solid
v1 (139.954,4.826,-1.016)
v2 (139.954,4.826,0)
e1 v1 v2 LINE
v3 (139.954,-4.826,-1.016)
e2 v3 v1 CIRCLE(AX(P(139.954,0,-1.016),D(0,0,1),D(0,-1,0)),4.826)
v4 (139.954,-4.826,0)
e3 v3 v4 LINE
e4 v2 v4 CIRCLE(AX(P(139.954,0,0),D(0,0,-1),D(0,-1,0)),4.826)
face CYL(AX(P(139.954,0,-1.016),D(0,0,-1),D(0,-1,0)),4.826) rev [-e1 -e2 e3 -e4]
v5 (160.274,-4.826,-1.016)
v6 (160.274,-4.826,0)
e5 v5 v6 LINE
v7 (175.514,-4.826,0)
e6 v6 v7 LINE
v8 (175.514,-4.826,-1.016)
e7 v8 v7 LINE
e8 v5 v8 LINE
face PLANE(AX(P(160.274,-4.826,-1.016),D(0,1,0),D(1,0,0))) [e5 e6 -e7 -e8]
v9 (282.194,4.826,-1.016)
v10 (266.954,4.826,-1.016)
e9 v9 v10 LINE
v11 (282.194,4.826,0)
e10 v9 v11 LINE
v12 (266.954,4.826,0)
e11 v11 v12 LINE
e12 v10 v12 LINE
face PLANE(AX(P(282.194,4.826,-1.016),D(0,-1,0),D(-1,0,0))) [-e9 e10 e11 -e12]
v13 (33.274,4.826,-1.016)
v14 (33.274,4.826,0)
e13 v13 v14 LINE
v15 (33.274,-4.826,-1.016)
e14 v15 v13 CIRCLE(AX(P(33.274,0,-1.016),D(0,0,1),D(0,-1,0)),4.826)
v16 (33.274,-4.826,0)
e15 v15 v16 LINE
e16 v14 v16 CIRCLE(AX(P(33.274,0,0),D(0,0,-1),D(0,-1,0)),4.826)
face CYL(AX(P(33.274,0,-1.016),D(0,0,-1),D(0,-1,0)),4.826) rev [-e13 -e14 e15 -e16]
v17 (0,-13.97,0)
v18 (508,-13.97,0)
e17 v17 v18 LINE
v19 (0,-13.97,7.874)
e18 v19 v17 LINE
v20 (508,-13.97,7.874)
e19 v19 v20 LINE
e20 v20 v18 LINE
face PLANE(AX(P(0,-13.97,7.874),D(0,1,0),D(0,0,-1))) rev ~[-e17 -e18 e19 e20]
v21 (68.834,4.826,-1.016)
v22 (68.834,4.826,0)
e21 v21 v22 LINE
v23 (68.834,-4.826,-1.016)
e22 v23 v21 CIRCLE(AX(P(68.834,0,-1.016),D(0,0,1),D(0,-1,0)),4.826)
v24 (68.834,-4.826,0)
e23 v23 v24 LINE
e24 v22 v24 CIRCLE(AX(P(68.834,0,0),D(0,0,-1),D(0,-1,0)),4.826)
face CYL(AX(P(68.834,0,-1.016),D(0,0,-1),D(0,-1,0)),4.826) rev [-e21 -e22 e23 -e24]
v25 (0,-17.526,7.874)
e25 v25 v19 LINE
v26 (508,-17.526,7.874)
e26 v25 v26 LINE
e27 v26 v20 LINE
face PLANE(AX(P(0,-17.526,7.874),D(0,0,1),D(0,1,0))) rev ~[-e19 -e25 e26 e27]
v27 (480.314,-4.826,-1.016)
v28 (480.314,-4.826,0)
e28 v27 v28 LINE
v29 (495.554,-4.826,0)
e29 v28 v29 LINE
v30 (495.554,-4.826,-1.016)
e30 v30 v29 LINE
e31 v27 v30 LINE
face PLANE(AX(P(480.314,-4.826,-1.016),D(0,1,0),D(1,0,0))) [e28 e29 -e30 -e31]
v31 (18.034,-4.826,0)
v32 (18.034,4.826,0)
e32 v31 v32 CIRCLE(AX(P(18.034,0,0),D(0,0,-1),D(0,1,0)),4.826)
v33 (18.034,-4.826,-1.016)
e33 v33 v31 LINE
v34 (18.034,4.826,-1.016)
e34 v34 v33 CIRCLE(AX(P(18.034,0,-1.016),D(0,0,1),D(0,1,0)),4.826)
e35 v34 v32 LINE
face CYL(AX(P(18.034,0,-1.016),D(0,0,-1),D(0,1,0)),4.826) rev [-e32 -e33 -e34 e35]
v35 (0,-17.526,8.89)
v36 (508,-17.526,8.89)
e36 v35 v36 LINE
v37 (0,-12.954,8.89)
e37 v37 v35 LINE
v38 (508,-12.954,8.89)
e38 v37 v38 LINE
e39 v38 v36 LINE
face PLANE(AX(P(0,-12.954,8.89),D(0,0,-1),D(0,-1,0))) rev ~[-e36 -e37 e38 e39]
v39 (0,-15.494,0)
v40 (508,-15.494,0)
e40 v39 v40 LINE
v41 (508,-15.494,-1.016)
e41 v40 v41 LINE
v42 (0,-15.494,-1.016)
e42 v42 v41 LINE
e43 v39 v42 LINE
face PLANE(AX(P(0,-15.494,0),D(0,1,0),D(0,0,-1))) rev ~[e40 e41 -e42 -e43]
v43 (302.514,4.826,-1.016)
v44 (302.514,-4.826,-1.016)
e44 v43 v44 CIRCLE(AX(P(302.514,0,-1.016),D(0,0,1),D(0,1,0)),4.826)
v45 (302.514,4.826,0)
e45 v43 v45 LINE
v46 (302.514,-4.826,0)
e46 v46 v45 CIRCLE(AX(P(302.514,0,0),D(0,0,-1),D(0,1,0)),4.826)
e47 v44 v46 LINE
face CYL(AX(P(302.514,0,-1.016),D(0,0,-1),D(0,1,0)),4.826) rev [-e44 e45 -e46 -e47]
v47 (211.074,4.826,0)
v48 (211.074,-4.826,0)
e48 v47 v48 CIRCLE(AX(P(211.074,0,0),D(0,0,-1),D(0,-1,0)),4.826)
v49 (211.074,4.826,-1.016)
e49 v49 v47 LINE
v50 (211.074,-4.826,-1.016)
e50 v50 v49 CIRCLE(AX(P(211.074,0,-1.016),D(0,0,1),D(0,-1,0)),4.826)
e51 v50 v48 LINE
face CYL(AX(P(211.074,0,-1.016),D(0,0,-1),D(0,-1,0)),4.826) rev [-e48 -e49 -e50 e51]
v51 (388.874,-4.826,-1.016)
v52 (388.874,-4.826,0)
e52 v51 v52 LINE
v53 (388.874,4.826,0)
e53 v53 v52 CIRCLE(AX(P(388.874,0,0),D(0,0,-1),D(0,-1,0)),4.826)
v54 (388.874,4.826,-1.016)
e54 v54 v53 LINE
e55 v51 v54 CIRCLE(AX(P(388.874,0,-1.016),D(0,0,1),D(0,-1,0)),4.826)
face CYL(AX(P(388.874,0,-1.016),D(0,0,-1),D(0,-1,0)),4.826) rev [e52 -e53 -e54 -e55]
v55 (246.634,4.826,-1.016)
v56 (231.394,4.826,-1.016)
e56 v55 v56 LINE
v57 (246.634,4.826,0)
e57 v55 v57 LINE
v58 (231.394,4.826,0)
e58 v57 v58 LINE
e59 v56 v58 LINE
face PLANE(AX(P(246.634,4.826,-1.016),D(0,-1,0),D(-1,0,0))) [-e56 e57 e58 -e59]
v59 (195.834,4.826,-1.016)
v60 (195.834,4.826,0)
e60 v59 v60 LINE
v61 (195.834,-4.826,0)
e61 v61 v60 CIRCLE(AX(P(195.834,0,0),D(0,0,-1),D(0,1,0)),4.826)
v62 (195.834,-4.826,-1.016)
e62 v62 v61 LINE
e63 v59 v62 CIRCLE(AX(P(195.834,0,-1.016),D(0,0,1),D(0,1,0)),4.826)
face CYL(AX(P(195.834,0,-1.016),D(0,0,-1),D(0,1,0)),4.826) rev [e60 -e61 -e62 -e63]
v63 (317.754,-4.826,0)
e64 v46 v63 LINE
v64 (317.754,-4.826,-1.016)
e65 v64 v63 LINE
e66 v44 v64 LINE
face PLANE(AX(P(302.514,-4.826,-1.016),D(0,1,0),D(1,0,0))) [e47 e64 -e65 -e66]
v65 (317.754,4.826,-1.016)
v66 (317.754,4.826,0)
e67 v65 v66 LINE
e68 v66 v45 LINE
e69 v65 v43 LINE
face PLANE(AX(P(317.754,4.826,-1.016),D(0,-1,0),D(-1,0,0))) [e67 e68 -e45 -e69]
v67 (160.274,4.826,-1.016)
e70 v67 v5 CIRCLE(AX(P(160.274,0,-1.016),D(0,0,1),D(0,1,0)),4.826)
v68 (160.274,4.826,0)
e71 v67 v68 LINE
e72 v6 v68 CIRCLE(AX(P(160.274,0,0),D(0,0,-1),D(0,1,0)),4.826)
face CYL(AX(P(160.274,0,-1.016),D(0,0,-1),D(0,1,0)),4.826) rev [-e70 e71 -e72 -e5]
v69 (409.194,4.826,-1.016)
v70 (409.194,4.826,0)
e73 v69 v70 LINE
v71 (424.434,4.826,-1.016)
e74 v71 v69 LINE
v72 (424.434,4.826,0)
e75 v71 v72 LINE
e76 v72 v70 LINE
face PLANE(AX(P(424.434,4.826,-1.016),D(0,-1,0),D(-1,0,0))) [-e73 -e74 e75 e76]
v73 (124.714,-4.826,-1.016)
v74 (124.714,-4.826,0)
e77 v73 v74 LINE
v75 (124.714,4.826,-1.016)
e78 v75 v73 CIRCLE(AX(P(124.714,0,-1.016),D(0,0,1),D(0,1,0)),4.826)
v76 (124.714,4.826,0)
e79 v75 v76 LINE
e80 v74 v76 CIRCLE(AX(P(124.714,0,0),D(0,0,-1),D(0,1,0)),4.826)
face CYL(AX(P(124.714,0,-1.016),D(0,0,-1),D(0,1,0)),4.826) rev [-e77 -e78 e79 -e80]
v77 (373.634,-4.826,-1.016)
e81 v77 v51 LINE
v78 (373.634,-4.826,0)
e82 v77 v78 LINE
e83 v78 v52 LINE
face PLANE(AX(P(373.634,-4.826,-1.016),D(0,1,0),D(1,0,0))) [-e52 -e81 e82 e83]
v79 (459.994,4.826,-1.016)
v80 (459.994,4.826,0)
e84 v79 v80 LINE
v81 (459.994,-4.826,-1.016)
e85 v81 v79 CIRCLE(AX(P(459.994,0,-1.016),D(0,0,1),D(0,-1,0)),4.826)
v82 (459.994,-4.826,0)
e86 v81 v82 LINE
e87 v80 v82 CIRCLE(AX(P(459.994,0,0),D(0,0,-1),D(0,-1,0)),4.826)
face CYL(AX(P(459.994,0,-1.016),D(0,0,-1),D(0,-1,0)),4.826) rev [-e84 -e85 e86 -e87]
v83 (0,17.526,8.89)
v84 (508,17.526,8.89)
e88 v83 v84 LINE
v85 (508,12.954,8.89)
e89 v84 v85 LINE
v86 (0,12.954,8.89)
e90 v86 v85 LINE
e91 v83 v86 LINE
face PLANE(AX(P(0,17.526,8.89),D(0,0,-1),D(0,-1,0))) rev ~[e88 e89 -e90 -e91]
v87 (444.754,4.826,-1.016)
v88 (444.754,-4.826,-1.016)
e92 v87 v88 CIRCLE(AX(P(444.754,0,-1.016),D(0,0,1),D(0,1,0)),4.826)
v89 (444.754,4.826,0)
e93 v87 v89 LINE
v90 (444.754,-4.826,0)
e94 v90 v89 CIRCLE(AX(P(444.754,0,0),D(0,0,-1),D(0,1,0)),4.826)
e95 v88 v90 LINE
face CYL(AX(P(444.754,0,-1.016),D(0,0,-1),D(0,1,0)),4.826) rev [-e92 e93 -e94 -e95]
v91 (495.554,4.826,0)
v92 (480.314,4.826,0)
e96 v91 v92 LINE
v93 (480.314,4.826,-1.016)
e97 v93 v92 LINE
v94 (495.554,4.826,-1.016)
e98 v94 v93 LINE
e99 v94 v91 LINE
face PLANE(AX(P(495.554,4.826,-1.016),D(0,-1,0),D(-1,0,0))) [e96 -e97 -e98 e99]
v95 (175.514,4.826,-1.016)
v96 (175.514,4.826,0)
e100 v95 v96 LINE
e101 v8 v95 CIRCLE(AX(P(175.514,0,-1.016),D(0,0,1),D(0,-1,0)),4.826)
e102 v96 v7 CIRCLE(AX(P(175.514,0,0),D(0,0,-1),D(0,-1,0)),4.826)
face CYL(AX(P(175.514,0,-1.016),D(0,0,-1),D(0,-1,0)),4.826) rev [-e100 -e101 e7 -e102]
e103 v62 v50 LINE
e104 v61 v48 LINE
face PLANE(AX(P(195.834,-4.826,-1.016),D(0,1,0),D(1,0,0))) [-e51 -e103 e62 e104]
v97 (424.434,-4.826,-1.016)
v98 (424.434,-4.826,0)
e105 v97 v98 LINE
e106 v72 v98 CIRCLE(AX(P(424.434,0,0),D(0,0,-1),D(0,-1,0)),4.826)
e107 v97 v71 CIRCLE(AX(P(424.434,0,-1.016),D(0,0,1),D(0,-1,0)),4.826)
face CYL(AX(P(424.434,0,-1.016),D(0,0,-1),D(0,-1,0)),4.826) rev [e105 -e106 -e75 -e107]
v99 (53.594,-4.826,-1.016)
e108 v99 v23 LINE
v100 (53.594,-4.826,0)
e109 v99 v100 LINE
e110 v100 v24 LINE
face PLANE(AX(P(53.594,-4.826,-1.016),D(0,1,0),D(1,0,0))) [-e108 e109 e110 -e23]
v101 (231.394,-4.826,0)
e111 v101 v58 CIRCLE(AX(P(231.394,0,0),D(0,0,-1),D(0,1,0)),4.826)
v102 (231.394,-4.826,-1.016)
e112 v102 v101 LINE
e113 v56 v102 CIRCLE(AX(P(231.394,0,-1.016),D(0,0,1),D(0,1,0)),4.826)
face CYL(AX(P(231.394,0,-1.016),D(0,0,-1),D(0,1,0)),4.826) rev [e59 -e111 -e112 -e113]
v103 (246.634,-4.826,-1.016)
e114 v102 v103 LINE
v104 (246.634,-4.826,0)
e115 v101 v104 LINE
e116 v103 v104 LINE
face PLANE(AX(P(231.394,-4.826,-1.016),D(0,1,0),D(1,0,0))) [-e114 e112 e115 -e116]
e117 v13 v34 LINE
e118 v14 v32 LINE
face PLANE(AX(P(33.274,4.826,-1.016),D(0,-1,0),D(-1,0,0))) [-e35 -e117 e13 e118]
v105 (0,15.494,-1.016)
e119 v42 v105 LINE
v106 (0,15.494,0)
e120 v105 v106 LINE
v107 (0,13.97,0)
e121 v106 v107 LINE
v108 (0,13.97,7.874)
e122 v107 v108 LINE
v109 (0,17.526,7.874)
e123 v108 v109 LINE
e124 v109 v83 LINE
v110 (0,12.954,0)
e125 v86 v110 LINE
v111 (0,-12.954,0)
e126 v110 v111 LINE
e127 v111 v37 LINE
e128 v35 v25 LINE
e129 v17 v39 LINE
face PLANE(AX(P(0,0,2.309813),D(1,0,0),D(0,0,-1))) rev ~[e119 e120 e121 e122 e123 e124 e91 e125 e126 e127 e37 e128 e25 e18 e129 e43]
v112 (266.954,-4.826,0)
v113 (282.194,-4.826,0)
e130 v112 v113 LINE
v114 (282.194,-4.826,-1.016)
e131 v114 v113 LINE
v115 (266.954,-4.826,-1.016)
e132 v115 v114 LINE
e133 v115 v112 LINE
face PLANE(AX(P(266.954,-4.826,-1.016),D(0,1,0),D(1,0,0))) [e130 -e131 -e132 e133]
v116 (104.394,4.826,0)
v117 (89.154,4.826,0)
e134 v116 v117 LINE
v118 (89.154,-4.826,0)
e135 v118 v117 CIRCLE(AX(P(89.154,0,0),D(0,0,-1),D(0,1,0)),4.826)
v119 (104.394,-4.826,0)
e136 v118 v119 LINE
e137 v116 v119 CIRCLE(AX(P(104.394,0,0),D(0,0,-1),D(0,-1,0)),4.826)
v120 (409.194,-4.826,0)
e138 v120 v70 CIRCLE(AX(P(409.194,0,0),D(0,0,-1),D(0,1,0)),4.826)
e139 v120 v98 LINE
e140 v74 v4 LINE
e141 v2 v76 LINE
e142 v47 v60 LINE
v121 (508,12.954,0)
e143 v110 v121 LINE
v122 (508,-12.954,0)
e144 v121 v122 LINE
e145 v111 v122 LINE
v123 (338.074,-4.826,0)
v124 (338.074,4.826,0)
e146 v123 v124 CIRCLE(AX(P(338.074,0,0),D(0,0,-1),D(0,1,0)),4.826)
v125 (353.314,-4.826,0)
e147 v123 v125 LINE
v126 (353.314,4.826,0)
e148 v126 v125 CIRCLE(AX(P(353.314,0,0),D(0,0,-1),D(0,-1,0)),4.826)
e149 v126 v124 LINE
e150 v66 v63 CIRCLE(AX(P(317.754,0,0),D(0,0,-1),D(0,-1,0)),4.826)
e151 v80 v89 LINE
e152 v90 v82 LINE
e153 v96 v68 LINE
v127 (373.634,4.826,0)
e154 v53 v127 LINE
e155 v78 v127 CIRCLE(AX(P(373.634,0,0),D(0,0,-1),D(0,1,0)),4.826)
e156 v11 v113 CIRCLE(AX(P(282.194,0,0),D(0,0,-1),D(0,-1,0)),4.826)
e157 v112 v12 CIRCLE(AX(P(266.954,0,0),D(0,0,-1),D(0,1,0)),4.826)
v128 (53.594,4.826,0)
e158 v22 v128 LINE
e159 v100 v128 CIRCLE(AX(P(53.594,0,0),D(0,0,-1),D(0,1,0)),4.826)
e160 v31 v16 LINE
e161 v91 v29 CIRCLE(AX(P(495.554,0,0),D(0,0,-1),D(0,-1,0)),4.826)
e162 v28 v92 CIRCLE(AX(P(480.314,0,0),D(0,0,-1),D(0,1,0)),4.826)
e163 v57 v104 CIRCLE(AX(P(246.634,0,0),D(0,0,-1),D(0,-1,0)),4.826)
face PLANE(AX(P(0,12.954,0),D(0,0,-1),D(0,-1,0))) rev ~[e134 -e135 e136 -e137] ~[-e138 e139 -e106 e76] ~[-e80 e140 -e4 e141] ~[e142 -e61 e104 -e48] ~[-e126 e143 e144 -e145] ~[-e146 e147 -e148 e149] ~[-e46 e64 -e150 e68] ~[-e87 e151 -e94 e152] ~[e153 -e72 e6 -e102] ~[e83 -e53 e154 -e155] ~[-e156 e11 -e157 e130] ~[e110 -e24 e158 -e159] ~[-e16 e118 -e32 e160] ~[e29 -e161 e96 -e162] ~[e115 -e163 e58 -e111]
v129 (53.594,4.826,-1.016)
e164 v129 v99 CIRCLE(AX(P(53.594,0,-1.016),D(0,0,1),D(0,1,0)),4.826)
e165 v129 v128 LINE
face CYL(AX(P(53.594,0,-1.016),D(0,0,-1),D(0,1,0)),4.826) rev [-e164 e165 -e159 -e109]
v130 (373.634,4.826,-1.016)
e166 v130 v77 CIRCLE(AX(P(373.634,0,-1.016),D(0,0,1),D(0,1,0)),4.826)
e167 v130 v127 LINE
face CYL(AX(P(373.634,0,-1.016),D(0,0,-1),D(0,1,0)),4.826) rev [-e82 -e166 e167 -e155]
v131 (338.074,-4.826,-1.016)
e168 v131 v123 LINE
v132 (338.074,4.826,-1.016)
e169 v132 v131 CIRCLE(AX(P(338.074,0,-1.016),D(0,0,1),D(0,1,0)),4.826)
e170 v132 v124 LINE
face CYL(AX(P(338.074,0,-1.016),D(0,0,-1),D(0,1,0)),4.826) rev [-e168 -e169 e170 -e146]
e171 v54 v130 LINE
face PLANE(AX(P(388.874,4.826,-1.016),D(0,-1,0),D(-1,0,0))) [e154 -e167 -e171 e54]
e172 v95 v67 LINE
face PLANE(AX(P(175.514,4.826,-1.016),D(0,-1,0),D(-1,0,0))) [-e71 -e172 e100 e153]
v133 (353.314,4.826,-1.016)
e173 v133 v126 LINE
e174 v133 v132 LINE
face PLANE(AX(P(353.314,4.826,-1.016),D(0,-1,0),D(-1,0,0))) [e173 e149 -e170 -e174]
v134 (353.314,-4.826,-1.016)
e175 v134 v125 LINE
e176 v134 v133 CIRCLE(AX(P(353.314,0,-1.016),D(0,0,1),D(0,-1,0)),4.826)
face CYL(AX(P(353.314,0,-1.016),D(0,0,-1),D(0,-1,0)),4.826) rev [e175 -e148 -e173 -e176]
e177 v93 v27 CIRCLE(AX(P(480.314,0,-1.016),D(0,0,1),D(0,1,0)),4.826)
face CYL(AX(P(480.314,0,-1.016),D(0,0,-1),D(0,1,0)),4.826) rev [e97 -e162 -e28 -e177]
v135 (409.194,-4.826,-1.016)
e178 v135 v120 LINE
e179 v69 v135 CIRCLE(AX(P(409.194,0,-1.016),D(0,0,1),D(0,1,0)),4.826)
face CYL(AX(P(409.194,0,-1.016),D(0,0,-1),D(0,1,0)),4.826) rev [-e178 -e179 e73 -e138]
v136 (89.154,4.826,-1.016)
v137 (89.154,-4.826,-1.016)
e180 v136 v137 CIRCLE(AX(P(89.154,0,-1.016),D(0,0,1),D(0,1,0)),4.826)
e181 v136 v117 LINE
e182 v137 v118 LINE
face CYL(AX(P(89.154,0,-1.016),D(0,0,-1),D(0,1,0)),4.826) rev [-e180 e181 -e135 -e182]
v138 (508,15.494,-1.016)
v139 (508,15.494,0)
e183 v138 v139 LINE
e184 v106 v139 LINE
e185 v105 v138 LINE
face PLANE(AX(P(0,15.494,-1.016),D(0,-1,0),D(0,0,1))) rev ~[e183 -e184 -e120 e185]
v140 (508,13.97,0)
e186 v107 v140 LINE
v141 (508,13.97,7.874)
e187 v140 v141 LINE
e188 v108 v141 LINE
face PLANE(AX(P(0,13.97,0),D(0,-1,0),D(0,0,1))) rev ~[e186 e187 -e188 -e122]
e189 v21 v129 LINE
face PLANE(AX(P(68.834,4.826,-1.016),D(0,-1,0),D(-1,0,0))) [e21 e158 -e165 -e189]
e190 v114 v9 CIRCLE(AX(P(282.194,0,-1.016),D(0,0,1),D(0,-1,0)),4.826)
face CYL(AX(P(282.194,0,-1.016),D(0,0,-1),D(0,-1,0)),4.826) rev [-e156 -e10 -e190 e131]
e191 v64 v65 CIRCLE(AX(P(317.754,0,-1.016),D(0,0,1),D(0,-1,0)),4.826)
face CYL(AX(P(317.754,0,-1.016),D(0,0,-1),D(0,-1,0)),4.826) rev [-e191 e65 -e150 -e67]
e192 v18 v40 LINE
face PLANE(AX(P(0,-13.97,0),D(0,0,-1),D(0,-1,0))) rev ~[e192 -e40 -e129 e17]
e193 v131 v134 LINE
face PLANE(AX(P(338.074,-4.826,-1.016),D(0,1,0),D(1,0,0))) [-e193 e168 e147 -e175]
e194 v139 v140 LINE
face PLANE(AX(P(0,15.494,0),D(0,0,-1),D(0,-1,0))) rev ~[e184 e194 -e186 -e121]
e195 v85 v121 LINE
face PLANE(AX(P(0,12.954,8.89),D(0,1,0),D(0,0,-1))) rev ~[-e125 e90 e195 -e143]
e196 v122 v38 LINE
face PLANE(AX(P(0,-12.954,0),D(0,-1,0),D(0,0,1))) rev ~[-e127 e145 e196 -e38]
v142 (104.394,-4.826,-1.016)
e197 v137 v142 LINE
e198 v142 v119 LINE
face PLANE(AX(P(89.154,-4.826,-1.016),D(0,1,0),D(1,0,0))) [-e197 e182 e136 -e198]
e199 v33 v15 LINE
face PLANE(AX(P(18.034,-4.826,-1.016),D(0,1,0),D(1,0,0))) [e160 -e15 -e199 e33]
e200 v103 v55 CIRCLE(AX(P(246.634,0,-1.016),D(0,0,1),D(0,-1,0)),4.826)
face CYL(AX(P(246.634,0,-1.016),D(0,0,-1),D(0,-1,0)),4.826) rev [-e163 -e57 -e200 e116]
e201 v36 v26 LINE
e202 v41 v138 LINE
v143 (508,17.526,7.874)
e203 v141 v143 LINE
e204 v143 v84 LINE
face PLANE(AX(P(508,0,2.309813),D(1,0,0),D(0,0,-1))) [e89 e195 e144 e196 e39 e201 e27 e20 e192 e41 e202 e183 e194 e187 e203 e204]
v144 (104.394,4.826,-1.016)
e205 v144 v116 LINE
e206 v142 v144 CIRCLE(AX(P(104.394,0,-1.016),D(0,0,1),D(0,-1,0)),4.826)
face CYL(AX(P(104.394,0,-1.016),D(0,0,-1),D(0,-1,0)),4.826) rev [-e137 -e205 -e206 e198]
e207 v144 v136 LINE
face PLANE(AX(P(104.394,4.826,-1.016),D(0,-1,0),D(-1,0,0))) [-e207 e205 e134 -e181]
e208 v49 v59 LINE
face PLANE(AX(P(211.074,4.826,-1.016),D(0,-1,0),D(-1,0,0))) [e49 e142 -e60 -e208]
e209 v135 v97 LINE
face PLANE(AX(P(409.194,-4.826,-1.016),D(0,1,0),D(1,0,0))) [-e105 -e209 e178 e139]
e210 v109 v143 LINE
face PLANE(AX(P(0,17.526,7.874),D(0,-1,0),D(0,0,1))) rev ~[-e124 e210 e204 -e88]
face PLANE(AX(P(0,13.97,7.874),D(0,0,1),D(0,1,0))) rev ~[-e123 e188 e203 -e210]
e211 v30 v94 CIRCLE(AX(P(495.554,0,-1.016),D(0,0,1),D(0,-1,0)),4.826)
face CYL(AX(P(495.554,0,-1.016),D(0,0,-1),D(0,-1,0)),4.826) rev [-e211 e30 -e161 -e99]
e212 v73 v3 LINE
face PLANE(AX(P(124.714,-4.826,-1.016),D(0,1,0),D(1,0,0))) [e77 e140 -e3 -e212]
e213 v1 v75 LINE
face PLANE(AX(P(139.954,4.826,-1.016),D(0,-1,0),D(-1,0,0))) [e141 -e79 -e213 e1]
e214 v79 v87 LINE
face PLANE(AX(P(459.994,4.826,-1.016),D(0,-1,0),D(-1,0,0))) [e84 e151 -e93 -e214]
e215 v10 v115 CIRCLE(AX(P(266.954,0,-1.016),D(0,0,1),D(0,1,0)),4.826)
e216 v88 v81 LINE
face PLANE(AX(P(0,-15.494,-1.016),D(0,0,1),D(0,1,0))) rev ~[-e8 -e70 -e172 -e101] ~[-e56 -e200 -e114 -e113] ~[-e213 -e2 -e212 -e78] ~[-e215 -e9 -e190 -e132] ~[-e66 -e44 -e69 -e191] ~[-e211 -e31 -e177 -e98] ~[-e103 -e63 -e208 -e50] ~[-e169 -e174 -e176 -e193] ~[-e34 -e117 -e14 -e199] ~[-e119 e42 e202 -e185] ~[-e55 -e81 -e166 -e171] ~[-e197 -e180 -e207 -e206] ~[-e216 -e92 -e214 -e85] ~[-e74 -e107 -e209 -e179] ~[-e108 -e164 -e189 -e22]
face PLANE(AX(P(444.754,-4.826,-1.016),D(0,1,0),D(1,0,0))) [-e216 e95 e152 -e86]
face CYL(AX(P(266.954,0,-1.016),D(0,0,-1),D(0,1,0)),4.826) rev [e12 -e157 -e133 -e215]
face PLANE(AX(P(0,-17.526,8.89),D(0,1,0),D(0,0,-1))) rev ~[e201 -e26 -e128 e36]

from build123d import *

# Parameters (mm, degrees)
BOSS_EXTRUDE1_DEPTH = 508
CUT_EXTRUDE1_DEPTH  = 509.398750502


with BuildPart() as part:
    # Sketch1 → Boss-Extrude1 (new body)
    with BuildSketch(Plane(origin=(0, 0, 0), x_dir=(0, 0, -1), z_dir=(1, 0, 0))):
        Polygon((0, 12.954), (0, -12.954), (-8.89, -12.954), (-8.89, -17.526), (-7.874, -17.526), (-7.874, -13.97), (0, -13.97), (0, -15.494), (1.016, -15.494), (1.016, 15.494), (0, 15.494), (0, 13.97), (-7.874, 13.97), (-7.874, 17.526), (-8.89, 17.526), (-8.89, 12.954), align=None)
    extrude(amount=BOSS_EXTRUDE1_DEPTH)

    # Sketch2 → Cut-Extrude1 (cut, through all)
    with BuildSketch(Plane(origin=(0, 0, -1.016), x_dir=(-1, 0, 0), z_dir=(0, 0, -1))):
        with BuildLine():
            Line((-495.554, 4.826), (-480.314, 4.826))
            ThreePointArc((-480.314, 4.826), (-475.488, 0), (-480.314, -4.826))
            Line((-480.314, -4.826), (-495.554, -4.826))
            ThreePointArc((-495.554, -4.826), (-500.38, 0), (-495.554, 4.826))
        make_face()
        with BuildLine():
            Line((-459.994, 4.826), (-444.754, 4.826))
            ThreePointArc((-444.754, 4.826), (-439.928, 0), (-444.754, -4.826))
            Line((-444.754, -4.826), (-459.994, -4.826))
            ThreePointArc((-459.994, -4.826), (-464.82, 0), (-459.994, 4.826))
        make_face()
        with BuildLine():
            Line((-424.434, 4.826), (-409.194, 4.826))
            ThreePointArc((-409.194, 4.826), (-404.368, 0), (-409.194, -4.826))
            Line((-409.194, -4.826), (-424.434, -4.826))
            ThreePointArc((-424.434, -4.826), (-429.26, 0), (-424.434, 4.826))
        make_face()
        with BuildLine():
            Line((-388.874, 4.826), (-373.634, 4.826))
            ThreePointArc((-373.634, 4.826), (-368.808, 0), (-373.634, -4.826))
            Line((-373.634, -4.826), (-388.874, -4.826))
            ThreePointArc((-388.874, -4.826), (-393.7, 0), (-388.874, 4.826))
        make_face()
        with BuildLine():
            Line((-353.314, 4.826), (-338.074, 4.826))
            ThreePointArc((-338.074, 4.826), (-333.248, 0), (-338.074, -4.826))
            Line((-338.074, -4.826), (-353.314, -4.826))
            ThreePointArc((-353.314, -4.826), (-358.14, 0), (-353.314, 4.826))
        make_face()
        with BuildLine():
            Line((-317.754, 4.826), (-302.514, 4.826))
            ThreePointArc((-302.514, 4.826), (-297.688, 0), (-302.514, -4.826))
            Line((-302.514, -4.826), (-317.754, -4.826))
            ThreePointArc((-317.754, -4.826), (-322.58, 0), (-317.754, 4.826))
        make_face()
        with BuildLine():
            Line((-282.194, 4.826), (-266.954, 4.826))
            ThreePointArc((-266.954, 4.826), (-262.128, 0), (-266.954, -4.826))
            Line((-266.954, -4.826), (-282.194, -4.826))
            ThreePointArc((-282.194, -4.826), (-287.02, 0), (-282.194, 4.826))
        make_face()
        with BuildLine():
            Line((-246.634, 4.826), (-231.394, 4.826))
            ThreePointArc((-231.394, 4.826), (-226.568, 0), (-231.394, -4.826))
            Line((-231.394, -4.826), (-246.634, -4.826))
            ThreePointArc((-246.634, -4.826), (-251.46, 0), (-246.634, 4.826))
        make_face()
        with BuildLine():
            Line((-211.074, 4.826), (-195.834, 4.826))
            ThreePointArc((-195.834, 4.826), (-191.008, 0), (-195.834, -4.826))
            Line((-195.834, -4.826), (-211.074, -4.826))
            ThreePointArc((-211.074, -4.826), (-215.9, 0), (-211.074, 4.826))
        make_face()
        with BuildLine():
            Line((-175.514, 4.826), (-160.274, 4.826))
            ThreePointArc((-160.274, 4.826), (-155.448, 0), (-160.274, -4.826))
            Line((-160.274, -4.826), (-175.514, -4.826))
            ThreePointArc((-175.514, -4.826), (-180.34, 0), (-175.514, 4.826))
        make_face()
        with BuildLine():
            Line((-139.954, 4.826), (-124.714, 4.826))
            ThreePointArc((-124.714, 4.826), (-119.888, 0), (-124.714, -4.826))
            Line((-124.714, -4.826), (-139.954, -4.826))
            ThreePointArc((-139.954, -4.826), (-144.78, 0), (-139.954, 4.826))
        make_face()
        with BuildLine():
            Line((-104.394, 4.826), (-89.154, 4.826))
            ThreePointArc((-89.154, 4.826), (-84.328, 0), (-89.154, -4.826))
            Line((-89.154, -4.826), (-104.394, -4.826))
            ThreePointArc((-104.394, -4.826), (-109.22, 0), (-104.394, 4.826))
        make_face()
        with BuildLine():
            Line((-68.834, 4.826), (-53.594, 4.826))
            ThreePointArc((-53.594, 4.826), (-48.768, 0), (-53.594, -4.826))
            Line((-53.594, -4.826), (-68.834, -4.826))
            ThreePointArc((-68.834, -4.826), (-73.66, 0), (-68.834, 4.826))
        make_face()
        with BuildLine():
            Line((-33.274, 4.826), (-18.034, 4.826))
            ThreePointArc((-18.034, 4.826), (-13.208, 0), (-18.034, -4.826))
            Line((-18.034, -4.826), (-33.274, -4.826))
            ThreePointArc((-33.274, -4.826), (-38.1, 0), (-33.274, 4.826))
        make_face()
    extrude(amount=-CUT_EXTRUDE1_DEPTH, mode=Mode.SUBTRACT)


solid = part.part
